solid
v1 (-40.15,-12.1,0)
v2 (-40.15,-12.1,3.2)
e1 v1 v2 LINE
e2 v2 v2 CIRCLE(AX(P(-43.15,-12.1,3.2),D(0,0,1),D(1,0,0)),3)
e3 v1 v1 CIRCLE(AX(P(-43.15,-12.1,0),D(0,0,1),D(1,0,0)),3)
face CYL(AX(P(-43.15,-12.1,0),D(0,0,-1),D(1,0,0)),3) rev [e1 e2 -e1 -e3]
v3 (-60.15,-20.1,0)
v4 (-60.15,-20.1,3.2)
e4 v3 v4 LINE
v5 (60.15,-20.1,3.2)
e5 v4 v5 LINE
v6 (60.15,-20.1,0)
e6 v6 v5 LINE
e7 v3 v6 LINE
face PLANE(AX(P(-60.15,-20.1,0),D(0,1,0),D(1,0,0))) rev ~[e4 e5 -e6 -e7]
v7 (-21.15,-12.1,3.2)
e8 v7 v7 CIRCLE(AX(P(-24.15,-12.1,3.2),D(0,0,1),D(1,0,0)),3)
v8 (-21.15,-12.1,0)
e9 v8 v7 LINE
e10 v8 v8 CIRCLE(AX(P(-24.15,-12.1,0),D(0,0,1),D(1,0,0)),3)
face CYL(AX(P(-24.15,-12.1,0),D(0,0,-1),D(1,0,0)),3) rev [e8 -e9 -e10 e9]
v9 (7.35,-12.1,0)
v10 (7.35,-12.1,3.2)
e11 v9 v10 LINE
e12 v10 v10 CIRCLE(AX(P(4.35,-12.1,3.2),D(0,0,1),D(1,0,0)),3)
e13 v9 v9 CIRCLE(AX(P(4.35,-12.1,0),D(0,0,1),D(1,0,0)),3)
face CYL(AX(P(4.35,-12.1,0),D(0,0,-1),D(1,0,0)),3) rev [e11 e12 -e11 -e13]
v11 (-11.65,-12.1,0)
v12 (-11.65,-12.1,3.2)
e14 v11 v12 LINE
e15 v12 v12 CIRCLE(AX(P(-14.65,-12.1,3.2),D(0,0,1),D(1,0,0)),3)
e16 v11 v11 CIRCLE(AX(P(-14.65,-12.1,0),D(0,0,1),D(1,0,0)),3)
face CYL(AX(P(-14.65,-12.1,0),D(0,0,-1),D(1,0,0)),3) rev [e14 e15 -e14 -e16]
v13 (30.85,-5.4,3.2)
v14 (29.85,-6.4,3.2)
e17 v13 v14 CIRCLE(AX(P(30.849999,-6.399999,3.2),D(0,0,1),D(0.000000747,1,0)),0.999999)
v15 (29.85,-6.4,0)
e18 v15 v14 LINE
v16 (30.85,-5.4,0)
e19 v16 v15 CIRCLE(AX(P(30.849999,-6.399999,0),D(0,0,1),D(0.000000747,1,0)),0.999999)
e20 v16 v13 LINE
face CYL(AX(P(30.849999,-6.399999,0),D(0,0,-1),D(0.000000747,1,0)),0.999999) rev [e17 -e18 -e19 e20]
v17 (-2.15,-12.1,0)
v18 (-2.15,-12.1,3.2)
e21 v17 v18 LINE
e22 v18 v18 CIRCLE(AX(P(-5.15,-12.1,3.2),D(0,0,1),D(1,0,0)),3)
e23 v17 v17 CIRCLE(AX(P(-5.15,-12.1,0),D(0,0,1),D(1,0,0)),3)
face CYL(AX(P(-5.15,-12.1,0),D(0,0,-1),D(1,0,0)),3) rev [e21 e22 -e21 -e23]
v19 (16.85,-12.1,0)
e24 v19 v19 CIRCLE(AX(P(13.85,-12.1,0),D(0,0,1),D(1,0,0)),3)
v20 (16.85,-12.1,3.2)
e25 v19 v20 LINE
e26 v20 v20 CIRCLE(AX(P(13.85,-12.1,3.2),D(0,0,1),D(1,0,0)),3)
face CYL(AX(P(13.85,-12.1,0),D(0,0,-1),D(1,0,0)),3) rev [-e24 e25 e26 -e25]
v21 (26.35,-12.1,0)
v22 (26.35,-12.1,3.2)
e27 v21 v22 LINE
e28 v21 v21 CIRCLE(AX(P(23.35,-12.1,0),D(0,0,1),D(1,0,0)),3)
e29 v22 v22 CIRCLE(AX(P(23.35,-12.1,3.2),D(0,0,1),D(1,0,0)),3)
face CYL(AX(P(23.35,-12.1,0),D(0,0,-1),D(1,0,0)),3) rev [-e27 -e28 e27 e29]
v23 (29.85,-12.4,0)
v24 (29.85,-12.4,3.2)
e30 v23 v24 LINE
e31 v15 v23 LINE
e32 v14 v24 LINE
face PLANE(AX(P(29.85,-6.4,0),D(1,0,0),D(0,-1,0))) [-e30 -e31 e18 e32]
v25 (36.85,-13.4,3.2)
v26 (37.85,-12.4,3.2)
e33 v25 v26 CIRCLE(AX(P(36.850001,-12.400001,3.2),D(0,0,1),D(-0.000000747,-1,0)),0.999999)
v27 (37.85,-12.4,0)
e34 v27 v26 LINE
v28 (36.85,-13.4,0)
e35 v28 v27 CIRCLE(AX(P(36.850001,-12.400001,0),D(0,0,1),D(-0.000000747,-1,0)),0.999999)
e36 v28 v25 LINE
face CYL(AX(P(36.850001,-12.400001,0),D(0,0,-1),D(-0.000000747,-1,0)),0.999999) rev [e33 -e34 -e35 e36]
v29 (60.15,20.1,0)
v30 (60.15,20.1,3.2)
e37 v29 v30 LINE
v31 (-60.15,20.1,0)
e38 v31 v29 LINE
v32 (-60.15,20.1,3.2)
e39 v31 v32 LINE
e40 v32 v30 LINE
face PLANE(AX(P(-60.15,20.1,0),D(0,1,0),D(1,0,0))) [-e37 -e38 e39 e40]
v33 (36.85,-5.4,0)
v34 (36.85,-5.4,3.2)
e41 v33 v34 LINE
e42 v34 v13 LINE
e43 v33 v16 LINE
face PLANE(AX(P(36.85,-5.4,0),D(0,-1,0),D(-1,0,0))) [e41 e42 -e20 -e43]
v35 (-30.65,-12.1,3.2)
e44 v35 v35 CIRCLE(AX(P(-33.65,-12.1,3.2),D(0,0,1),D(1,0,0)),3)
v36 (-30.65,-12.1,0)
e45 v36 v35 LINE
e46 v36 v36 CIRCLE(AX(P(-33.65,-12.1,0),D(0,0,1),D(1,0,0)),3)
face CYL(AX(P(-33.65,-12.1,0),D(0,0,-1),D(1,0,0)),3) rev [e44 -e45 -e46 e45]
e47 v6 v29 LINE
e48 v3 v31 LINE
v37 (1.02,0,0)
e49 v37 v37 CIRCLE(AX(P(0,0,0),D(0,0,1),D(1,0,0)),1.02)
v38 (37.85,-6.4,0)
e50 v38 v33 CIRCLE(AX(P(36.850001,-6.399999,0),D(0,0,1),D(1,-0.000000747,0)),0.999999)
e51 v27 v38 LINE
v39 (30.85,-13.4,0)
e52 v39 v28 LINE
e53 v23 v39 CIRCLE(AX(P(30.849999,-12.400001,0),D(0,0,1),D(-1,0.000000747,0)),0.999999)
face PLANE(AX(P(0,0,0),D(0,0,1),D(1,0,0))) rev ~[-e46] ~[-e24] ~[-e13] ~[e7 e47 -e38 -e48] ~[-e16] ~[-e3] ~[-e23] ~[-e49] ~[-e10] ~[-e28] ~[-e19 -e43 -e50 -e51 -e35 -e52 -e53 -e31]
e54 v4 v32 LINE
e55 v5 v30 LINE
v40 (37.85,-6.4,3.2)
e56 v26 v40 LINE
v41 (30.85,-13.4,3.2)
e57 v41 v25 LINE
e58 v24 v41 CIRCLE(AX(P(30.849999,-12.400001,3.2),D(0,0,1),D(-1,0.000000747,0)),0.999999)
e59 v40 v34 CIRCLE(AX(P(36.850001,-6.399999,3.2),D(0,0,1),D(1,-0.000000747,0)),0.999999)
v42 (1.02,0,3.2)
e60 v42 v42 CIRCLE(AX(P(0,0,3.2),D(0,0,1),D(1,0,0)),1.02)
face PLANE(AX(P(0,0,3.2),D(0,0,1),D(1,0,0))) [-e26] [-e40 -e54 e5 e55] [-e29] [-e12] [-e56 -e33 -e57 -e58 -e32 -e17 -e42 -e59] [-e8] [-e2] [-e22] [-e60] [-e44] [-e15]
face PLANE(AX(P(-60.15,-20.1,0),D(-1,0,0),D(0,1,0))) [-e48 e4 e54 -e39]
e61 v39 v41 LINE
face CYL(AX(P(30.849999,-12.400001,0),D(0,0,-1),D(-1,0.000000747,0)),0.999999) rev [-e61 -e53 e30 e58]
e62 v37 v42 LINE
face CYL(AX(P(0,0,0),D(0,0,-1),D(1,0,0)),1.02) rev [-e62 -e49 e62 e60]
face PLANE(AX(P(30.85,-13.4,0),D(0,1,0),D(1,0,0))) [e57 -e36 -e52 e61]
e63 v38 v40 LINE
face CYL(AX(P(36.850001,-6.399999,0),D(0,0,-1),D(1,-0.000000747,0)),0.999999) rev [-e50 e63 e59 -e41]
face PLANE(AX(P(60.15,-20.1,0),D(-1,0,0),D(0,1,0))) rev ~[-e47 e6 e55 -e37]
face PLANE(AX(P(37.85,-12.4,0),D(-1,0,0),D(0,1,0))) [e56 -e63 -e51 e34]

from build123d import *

# Parameters (mm, degrees)
SKETCH_W   = 120.3
SKETCH_H   = 40.2
SKETCH_R   = 3
SKETCH_R_2 = 1.02
PAD_DEPTH  = 3.2


with BuildPart() as part:
    # Sketch → Pad (new body)
    with BuildSketch(Plane.XY):
        Rectangle(SKETCH_W, SKETCH_H)
        with Locations((-43.15, -12.1)):
            Circle(SKETCH_R, mode=Mode.SUBTRACT)
        with Locations((-33.65, -12.1)):
            Circle(SKETCH_R, mode=Mode.SUBTRACT)
        with Locations((-24.15, -12.1)):
            Circle(SKETCH_R, mode=Mode.SUBTRACT)
        with Locations((-14.65, -12.1)):
            Circle(SKETCH_R, mode=Mode.SUBTRACT)
        with Locations((13.85, -12.1)):
            Circle(SKETCH_R, mode=Mode.SUBTRACT)
        with Locations((-5.15, -12.1)):
            Circle(SKETCH_R, mode=Mode.SUBTRACT)
        with Locations((4.35, -12.1)):
            Circle(SKETCH_R, mode=Mode.SUBTRACT)
        with Locations((23.35, -12.1)):
            Circle(SKETCH_R, mode=Mode.SUBTRACT)
        Circle(SKETCH_R_2, mode=Mode.SUBTRACT)
        with BuildLine():
            Line((36.85, -5.4), (30.85, -5.4))
            ThreePointArc((30.85, -5.4), (30.142893, -5.692893), (29.85, -6.4))
            Line((29.85, -6.4), (29.85, -12.4))
            ThreePointArc((29.85, -12.4), (30.142893, -13.107107), (30.85, -13.4))
            Line((30.85, -13.4), (36.85, -13.4))
            ThreePointArc((36.85, -13.4), (37.557107, -13.107107), (37.85, -12.4))
            Line((37.85, -12.4), (37.85, -6.4))
            ThreePointArc((37.85, -6.4), (37.557107, -5.692893), (36.85, -5.4))
        make_face(mode=Mode.SUBTRACT)
    extrude(amount=PAD_DEPTH)


solid = part.part
